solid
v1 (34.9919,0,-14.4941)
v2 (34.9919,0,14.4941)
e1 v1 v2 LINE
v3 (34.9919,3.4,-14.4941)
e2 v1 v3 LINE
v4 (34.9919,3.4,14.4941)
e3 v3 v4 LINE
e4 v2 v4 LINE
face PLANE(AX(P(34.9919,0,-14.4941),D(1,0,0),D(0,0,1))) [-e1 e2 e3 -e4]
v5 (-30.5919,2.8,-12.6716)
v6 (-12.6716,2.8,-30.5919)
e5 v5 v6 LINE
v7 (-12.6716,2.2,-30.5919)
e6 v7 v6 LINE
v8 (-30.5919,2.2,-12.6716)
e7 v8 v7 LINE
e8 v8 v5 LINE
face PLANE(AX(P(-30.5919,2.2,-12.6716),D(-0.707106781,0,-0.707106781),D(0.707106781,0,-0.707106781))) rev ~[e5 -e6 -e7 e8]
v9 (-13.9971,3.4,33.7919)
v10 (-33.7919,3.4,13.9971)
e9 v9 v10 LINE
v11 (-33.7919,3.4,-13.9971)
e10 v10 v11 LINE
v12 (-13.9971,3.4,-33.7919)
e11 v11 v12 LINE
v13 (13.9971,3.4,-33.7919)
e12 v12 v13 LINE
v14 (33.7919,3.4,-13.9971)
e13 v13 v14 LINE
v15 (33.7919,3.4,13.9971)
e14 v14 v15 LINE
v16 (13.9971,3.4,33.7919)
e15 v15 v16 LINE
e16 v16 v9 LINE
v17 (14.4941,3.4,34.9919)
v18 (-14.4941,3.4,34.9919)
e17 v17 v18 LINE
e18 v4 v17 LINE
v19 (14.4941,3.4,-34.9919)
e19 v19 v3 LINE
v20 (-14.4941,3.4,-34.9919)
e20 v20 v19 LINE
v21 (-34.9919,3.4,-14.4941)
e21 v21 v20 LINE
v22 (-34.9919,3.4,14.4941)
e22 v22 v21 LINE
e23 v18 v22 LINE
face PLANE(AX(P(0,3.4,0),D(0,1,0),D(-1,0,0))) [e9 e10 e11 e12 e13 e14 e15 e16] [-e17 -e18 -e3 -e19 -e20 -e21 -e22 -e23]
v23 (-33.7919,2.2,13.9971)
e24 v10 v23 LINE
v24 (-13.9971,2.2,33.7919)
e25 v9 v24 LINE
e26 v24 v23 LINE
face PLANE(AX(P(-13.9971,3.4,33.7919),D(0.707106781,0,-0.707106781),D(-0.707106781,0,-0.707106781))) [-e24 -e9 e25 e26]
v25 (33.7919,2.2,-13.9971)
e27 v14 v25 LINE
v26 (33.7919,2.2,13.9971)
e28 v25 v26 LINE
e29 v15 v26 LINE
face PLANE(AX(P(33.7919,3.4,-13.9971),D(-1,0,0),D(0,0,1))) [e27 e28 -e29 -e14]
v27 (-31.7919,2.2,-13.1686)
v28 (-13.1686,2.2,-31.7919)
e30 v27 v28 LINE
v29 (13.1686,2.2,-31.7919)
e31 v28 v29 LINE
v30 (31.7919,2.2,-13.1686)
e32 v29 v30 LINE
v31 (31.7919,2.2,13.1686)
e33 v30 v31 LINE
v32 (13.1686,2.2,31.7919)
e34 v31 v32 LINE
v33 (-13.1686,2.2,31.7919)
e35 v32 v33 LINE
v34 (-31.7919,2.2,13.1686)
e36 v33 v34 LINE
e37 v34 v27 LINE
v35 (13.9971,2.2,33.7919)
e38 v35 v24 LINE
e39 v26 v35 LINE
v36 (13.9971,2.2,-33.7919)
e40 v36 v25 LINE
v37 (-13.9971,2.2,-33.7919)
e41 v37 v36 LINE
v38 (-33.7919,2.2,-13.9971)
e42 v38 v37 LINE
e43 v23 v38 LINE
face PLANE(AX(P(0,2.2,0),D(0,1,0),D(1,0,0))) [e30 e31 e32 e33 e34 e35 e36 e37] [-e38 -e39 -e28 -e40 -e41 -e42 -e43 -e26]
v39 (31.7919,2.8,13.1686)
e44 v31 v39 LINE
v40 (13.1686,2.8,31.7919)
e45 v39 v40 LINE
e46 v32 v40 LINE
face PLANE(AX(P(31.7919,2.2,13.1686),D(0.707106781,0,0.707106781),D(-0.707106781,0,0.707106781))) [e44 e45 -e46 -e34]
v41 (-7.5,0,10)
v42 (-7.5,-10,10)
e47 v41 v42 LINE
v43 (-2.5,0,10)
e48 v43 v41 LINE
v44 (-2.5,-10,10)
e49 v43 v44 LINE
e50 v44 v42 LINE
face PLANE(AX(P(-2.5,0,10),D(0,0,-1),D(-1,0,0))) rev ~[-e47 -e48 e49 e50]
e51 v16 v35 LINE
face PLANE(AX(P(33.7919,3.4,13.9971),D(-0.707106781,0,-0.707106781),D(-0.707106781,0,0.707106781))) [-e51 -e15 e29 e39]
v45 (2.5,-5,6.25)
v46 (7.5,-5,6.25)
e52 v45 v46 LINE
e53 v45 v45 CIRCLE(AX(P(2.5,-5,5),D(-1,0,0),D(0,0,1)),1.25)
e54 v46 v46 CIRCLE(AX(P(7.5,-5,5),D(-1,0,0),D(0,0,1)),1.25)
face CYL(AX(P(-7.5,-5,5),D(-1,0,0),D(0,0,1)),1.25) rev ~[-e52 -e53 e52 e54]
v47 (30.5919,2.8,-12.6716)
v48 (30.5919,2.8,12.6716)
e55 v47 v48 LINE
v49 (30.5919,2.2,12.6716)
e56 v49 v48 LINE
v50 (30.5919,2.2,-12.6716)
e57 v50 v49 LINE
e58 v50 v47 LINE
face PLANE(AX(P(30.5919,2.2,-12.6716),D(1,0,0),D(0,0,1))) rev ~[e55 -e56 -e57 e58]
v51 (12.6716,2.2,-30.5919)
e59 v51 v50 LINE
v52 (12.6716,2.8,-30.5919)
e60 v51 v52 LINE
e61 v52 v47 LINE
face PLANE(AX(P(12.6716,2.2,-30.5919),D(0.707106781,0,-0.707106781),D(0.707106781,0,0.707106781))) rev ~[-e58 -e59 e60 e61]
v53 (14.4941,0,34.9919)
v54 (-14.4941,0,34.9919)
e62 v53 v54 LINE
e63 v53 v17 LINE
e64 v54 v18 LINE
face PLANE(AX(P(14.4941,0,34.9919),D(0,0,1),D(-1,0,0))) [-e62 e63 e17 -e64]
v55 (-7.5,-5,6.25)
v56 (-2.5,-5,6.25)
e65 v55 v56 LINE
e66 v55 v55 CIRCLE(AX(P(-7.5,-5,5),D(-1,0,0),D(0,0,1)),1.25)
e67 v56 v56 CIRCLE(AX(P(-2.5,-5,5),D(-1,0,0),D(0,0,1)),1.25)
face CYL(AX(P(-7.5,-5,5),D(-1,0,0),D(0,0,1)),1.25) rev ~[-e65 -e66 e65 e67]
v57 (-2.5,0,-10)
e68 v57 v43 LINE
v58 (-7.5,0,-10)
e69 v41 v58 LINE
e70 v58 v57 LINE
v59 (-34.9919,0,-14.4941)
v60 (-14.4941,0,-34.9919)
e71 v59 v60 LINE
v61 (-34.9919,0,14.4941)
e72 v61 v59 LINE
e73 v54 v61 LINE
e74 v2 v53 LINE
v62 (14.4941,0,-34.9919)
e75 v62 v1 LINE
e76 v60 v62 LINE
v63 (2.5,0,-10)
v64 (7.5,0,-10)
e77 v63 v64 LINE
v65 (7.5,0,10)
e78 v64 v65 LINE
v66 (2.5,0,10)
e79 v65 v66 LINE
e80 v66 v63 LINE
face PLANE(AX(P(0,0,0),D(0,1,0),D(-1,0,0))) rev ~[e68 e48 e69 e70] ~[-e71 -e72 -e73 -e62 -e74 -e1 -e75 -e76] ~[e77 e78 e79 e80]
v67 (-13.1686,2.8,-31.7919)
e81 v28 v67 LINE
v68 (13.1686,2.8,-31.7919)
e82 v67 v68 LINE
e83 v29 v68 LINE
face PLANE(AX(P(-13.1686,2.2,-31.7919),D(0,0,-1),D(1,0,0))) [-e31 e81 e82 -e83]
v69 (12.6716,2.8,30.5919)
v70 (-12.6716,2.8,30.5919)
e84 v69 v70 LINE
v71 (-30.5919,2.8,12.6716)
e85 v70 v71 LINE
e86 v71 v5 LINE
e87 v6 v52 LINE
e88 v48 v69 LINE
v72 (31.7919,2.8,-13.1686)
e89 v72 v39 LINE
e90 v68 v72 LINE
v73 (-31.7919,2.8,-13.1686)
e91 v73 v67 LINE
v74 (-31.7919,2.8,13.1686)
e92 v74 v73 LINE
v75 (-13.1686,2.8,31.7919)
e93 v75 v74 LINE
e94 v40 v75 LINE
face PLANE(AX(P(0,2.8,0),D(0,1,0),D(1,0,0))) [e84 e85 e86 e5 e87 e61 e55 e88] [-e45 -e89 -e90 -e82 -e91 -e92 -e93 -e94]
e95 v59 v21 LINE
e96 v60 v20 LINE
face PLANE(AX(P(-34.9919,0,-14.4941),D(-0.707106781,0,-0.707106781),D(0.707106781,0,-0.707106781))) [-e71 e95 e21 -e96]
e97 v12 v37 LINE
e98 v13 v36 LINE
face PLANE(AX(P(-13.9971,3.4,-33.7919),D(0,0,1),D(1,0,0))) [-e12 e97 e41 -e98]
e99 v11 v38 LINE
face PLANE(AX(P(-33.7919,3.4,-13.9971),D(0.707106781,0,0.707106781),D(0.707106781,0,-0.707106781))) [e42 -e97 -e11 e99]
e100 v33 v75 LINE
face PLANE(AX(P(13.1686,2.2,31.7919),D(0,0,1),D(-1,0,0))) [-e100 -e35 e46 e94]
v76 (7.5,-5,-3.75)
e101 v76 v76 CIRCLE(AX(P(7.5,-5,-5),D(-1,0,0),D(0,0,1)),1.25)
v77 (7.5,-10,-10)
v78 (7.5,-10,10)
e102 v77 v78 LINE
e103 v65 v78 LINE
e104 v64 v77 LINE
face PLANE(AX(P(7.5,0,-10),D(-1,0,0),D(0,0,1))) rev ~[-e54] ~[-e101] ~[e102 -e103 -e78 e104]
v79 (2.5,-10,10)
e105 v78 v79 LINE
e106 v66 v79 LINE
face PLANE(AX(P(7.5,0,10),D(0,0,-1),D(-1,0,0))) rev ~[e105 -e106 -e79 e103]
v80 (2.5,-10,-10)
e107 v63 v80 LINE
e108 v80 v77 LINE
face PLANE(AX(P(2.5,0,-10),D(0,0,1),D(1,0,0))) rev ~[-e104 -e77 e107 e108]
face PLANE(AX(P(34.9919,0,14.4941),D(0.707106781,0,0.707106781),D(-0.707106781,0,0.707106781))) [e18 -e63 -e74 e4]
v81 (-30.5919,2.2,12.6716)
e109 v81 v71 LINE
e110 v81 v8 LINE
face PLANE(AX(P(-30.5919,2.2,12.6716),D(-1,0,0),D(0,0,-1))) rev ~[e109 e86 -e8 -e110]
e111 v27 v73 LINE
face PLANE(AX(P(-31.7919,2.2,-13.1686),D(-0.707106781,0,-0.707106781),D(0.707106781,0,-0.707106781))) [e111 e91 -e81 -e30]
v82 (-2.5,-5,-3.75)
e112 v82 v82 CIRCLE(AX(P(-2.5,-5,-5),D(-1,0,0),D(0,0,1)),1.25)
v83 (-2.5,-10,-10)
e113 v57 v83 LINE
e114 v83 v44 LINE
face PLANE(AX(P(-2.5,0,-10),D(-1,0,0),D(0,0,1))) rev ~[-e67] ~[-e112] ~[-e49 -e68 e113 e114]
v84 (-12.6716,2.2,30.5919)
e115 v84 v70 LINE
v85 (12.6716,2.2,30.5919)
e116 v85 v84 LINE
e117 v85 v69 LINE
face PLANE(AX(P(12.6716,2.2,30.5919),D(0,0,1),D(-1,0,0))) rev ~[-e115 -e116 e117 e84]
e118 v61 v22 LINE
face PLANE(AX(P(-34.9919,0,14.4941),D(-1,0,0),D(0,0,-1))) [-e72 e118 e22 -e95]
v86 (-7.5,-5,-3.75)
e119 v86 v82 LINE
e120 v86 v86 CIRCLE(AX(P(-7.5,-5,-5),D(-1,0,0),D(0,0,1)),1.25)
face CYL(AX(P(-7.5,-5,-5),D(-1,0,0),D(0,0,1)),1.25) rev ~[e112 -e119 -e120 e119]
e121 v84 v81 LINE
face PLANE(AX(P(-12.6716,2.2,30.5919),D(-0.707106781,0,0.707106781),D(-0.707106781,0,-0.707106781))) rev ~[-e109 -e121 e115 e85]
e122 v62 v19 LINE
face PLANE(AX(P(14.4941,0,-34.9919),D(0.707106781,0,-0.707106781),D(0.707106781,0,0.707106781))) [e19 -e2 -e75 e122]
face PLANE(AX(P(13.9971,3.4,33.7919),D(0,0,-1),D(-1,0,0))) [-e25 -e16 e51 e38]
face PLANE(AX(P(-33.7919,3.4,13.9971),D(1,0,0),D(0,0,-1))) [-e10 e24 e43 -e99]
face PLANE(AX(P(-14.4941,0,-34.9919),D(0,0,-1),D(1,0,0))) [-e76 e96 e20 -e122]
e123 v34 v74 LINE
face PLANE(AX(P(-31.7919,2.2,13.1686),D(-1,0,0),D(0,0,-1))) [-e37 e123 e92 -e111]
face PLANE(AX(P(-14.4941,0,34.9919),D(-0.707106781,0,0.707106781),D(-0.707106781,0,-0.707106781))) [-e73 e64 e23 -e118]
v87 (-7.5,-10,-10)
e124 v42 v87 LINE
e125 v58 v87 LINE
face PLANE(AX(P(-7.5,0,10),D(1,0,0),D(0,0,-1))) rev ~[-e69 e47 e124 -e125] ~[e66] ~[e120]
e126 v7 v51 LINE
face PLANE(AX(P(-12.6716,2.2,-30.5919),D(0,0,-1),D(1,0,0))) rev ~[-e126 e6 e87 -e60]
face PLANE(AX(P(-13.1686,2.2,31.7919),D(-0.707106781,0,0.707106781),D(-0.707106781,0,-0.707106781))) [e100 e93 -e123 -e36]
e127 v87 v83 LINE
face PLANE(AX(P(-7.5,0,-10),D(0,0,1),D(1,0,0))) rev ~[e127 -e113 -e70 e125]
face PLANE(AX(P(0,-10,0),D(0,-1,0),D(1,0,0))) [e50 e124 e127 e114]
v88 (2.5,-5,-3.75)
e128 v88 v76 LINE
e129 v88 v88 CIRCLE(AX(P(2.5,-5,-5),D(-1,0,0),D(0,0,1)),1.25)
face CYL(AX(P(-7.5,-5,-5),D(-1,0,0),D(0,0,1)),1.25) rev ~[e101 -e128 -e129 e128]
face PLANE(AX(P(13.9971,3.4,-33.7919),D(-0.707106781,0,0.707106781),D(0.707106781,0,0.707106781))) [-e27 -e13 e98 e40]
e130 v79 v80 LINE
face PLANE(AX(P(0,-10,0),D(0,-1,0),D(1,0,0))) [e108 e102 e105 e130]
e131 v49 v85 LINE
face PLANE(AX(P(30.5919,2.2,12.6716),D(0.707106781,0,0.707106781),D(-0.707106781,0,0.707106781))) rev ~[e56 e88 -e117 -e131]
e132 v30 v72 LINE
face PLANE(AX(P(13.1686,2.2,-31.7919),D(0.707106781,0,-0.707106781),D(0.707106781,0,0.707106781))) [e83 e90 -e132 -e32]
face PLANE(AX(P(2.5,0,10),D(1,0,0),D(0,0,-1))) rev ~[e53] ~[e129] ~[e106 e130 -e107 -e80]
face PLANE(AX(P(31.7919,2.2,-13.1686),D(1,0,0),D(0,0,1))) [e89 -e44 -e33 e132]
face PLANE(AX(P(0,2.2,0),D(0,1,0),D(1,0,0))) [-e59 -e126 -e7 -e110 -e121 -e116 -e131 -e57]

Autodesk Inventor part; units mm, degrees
ref_plane "YZ Plane" through (0, 0, 0) normal (1, 0, 0) x (0, 1, 0)
ref_plane "XZ Plane" through (0, 0, 0) normal (0, 1, 0) x (-1, 0, 0)
ref_plane "XY Plane" through (0, 0, 0) normal (0, 0, 1) x (1, 0, 0)
sketch "스케치3" plane through (0, 0, 0) normal (0, 1, 0) x (-1, 0, 0)
  line L0 (34.9919, -14.4941) -> (14.4941, -34.9919)
  line L1 (14.4941, -34.9919) -> (-14.4941, -34.9919)
  line L2 (-14.4941, -34.9919) -> (-34.9919, -14.4941)
  line L3 (-34.9919, -14.4941) -> (-34.9919, 14.4941)
  line L4 (-34.9919, 14.4941) -> (-14.4941, 34.9919)
  line L5 (-14.4941, 34.9919) -> (14.4941, 34.9919)
  line L6 (14.4941, 34.9919) -> (34.9919, 14.4941)
  line L7 (34.9919, 14.4941) -> (34.9919, -14.4941)
  line L8 (13.5, -32.5919) -> (-13.5, -32.5919)
  line L9 (-13.5, -32.5919) -> (-32.5919, -13.5)
  line L10 (-32.5919, -13.5) -> (-32.5919, 13.5)
  line L11 (-32.5919, 13.5) -> (-13.5, 32.5919)
  line L12 (-13.5, 32.5919) -> (13.5, 32.5919)
  line L13 (13.5, 32.5919) -> (32.5919, 13.5)
  line L14 (32.5919, 13.5) -> (32.5919, -13.5)
  line L15 (32.5919, -13.5) -> (13.5, -32.5919)
  point P0 (0, 0)
  point P1 (0, 0)
  point P2 (0, 0)
  point P3 (0, 0)
  dimension "d66" = 27
  dimension "d67" = 2.4
extrude "돌출2" add sketch "스케치3" along normal blind 3.4 contours L0 L1 L2 L3 L4 L5 L6 L7 | L8 L9 L10 L11 L12 L13 L14 L15
sketch "스케치4" plane through (0, 3.4, 0) normal (0, 1, 0) x (1, 0, 0)
  line L0 (13.5, -32.5919) -> (-13.5, -32.5919)
  line L1 (-13.5, -32.5919) -> (-32.5919, -13.5)
  line L2 (-32.5919, -13.5) -> (-32.5919, 13.5)
  line L3 (-32.5919, 13.5) -> (-13.5, 32.5919)
  line L4 (-13.5, 32.5919) -> (13.5, 32.5919)
  line L5 (13.5, 32.5919) -> (32.5919, 13.5)
  line L6 (32.5919, 13.5) -> (32.5919, -13.5)
  line L7 (32.5919, -13.5) -> (13.5, -32.5919)
  line L8 (-13.9971, 33.7919) -> (13.9971, 33.7919)
  line L9 (13.9971, 33.7919) -> (33.7919, 13.9971)
  line L10 (33.7919, 13.9971) -> (33.7919, -13.9971)
  line L11 (33.7919, -13.9971) -> (13.9971, -33.7919)
  line L12 (13.9971, -33.7919) -> (-13.9971, -33.7919)
  line L13 (-13.9971, -33.7919) -> (-33.7919, -13.9971)
  line L14 (-33.7919, -13.9971) -> (-33.7919, 13.9971)
  line L15 (-33.7919, 13.9971) -> (-13.9971, 33.7919)
  line L16 (-13.1686, 31.7919) -> (13.1686, 31.7919)
  line L17 (13.1686, 31.7919) -> (31.7919, 13.1686)
  line L18 (31.7919, 13.1686) -> (31.7919, -13.1686)
  line L19 (31.7919, -13.1686) -> (13.1686, -31.7919)
  line L20 (13.1686, -31.7919) -> (-13.1686, -31.7919)
  line L21 (-13.1686, -31.7919) -> (-31.7919, -13.1686)
  line L22 (-31.7919, -13.1686) -> (-31.7919, 13.1686)
  line L23 (-31.7919, 13.1686) -> (-13.1686, 31.7919)
  point P0 (0, 0)
  point P1 (0, 0)
  point P2 (0, 0)
  point P3 (0, 0)
  dimension "d7" = 27
  dimension "d68" = 1.2
  dimension "d69" = 0.8
extrude "돌출3" cut sketch "스케치4" against normal blind 1.2 contours L0 L1 L2 L3 L4 L5 L6 L7 | L8 L9 L10 L11 L12 L13 L14 L15 | L16 L17 L18 L19 L20 L21 L22 L23
sketch "스케치9" plane through (0, 0, 0) normal (0, -1, 0) x (1, 0, 0)
  line L0 (7.5, 10) -> (2.5, 10)
  line L1 (2.5, 10) -> (2.5, -10)
  line L2 (2.5, -10) -> (7.5, -10)
  line L3 (7.5, -10) -> (7.5, 10)
  line L4 (7.5, 10) -> (2.5, -10) construction
  line L5 (2.5, 10) -> (7.5, -10) construction
  line L6 (-2.5, 10) -> (-7.5, 10)
  line L7 (-7.5, 10) -> (-7.5, -10)
  line L8 (-7.5, -10) -> (-2.5, -10)
  line L9 (-2.5, 10) -> (-7.5, -10) construction
  line L10 (-7.5, 10) -> (-2.5, -10) construction
  line L11 (-2.5, -10) -> (-2.5, 10)
  point P0 (0, 0)
  point P1 (5, 0)
  point P2 (-5, 0)
  dimension "d42" = 20
  dimension "d43" = 5
  dimension "d44" = 2.5
  dimension "d47" = 10
extrude "돌출8" add sketch "스케치9" along normal blind 10
sketch "스케치10" plane through (-7.5, 0, -10) normal (-1, 0, 0) x (0, 0, 1)
  circle A0 centre (15, -5) radius 1.25
  line L0 (19.9591, 0) -> (0.0886, 0)
  line L1 (24.4941, 0) -> (-4.4941, 0) projected
  circle A1 centre (5, -5) radius 1.25
  line L2 (20, 0) -> (20, -10) projected
  point P0 (10, 0)
  dimension "d54" = 2.5
  dimension "d57" = 10
  dimension "d62" = 5
  dimension "d63" = 5
extrude "돌출9" cut sketch "스케치10" against normal blind 20
sketch "스케치11" plane through (0, 2.2, 0) normal (0, 1, 0) x (1, 0, 0)
  line L0 (-13.1686, 31.7919) -> (13.1686, 31.7919)
  line L1 (13.1686, 31.7919) -> (31.7919, 13.1686)
  line L2 (31.7919, 13.1686) -> (31.7919, -13.1686)
  line L3 (31.7919, -13.1686) -> (13.1686, -31.7919)
  line L4 (13.1686, -31.7919) -> (-13.1686, -31.7919)
  line L5 (-13.1686, -31.7919) -> (-31.7919, -13.1686)
  line L6 (-31.7919, -13.1686) -> (-31.7919, 13.1686)
  line L7 (-31.7919, 13.1686) -> (-13.1686, 31.7919)
  line L8 (-13.9971, 33.7919) -> (13.9971, 33.7919) projected
  line L9 (-12.6716, 30.5919) -> (12.6716, 30.5919)
  line L10 (12.6716, 30.5919) -> (30.5919, 12.6716)
  line L11 (30.5919, 12.6716) -> (30.5919, -12.6716)
  line L12 (30.5919, -12.6716) -> (12.6716, -30.5919)
  line L13 (12.6716, -30.5919) -> (-12.6716, -30.5919)
  line L14 (-12.6716, -30.5919) -> (-30.5919, -12.6716)
  line L15 (-30.5919, -12.6716) -> (-30.5919, 12.6716)
  line L16 (-30.5919, 12.6716) -> (-12.6716, 30.5919)
  point P0 (0, 0)
  point P1 (0, 0)
  point P2 (0, 0)
  dimension "d70" = 2
  dimension "d71" = 1.2
extrude "돌출10" add sketch "스케치11" along normal blind 0.6
properties part number "팔각형 OV-PAM 5패턴 하단 - 틈 너비 수정"
